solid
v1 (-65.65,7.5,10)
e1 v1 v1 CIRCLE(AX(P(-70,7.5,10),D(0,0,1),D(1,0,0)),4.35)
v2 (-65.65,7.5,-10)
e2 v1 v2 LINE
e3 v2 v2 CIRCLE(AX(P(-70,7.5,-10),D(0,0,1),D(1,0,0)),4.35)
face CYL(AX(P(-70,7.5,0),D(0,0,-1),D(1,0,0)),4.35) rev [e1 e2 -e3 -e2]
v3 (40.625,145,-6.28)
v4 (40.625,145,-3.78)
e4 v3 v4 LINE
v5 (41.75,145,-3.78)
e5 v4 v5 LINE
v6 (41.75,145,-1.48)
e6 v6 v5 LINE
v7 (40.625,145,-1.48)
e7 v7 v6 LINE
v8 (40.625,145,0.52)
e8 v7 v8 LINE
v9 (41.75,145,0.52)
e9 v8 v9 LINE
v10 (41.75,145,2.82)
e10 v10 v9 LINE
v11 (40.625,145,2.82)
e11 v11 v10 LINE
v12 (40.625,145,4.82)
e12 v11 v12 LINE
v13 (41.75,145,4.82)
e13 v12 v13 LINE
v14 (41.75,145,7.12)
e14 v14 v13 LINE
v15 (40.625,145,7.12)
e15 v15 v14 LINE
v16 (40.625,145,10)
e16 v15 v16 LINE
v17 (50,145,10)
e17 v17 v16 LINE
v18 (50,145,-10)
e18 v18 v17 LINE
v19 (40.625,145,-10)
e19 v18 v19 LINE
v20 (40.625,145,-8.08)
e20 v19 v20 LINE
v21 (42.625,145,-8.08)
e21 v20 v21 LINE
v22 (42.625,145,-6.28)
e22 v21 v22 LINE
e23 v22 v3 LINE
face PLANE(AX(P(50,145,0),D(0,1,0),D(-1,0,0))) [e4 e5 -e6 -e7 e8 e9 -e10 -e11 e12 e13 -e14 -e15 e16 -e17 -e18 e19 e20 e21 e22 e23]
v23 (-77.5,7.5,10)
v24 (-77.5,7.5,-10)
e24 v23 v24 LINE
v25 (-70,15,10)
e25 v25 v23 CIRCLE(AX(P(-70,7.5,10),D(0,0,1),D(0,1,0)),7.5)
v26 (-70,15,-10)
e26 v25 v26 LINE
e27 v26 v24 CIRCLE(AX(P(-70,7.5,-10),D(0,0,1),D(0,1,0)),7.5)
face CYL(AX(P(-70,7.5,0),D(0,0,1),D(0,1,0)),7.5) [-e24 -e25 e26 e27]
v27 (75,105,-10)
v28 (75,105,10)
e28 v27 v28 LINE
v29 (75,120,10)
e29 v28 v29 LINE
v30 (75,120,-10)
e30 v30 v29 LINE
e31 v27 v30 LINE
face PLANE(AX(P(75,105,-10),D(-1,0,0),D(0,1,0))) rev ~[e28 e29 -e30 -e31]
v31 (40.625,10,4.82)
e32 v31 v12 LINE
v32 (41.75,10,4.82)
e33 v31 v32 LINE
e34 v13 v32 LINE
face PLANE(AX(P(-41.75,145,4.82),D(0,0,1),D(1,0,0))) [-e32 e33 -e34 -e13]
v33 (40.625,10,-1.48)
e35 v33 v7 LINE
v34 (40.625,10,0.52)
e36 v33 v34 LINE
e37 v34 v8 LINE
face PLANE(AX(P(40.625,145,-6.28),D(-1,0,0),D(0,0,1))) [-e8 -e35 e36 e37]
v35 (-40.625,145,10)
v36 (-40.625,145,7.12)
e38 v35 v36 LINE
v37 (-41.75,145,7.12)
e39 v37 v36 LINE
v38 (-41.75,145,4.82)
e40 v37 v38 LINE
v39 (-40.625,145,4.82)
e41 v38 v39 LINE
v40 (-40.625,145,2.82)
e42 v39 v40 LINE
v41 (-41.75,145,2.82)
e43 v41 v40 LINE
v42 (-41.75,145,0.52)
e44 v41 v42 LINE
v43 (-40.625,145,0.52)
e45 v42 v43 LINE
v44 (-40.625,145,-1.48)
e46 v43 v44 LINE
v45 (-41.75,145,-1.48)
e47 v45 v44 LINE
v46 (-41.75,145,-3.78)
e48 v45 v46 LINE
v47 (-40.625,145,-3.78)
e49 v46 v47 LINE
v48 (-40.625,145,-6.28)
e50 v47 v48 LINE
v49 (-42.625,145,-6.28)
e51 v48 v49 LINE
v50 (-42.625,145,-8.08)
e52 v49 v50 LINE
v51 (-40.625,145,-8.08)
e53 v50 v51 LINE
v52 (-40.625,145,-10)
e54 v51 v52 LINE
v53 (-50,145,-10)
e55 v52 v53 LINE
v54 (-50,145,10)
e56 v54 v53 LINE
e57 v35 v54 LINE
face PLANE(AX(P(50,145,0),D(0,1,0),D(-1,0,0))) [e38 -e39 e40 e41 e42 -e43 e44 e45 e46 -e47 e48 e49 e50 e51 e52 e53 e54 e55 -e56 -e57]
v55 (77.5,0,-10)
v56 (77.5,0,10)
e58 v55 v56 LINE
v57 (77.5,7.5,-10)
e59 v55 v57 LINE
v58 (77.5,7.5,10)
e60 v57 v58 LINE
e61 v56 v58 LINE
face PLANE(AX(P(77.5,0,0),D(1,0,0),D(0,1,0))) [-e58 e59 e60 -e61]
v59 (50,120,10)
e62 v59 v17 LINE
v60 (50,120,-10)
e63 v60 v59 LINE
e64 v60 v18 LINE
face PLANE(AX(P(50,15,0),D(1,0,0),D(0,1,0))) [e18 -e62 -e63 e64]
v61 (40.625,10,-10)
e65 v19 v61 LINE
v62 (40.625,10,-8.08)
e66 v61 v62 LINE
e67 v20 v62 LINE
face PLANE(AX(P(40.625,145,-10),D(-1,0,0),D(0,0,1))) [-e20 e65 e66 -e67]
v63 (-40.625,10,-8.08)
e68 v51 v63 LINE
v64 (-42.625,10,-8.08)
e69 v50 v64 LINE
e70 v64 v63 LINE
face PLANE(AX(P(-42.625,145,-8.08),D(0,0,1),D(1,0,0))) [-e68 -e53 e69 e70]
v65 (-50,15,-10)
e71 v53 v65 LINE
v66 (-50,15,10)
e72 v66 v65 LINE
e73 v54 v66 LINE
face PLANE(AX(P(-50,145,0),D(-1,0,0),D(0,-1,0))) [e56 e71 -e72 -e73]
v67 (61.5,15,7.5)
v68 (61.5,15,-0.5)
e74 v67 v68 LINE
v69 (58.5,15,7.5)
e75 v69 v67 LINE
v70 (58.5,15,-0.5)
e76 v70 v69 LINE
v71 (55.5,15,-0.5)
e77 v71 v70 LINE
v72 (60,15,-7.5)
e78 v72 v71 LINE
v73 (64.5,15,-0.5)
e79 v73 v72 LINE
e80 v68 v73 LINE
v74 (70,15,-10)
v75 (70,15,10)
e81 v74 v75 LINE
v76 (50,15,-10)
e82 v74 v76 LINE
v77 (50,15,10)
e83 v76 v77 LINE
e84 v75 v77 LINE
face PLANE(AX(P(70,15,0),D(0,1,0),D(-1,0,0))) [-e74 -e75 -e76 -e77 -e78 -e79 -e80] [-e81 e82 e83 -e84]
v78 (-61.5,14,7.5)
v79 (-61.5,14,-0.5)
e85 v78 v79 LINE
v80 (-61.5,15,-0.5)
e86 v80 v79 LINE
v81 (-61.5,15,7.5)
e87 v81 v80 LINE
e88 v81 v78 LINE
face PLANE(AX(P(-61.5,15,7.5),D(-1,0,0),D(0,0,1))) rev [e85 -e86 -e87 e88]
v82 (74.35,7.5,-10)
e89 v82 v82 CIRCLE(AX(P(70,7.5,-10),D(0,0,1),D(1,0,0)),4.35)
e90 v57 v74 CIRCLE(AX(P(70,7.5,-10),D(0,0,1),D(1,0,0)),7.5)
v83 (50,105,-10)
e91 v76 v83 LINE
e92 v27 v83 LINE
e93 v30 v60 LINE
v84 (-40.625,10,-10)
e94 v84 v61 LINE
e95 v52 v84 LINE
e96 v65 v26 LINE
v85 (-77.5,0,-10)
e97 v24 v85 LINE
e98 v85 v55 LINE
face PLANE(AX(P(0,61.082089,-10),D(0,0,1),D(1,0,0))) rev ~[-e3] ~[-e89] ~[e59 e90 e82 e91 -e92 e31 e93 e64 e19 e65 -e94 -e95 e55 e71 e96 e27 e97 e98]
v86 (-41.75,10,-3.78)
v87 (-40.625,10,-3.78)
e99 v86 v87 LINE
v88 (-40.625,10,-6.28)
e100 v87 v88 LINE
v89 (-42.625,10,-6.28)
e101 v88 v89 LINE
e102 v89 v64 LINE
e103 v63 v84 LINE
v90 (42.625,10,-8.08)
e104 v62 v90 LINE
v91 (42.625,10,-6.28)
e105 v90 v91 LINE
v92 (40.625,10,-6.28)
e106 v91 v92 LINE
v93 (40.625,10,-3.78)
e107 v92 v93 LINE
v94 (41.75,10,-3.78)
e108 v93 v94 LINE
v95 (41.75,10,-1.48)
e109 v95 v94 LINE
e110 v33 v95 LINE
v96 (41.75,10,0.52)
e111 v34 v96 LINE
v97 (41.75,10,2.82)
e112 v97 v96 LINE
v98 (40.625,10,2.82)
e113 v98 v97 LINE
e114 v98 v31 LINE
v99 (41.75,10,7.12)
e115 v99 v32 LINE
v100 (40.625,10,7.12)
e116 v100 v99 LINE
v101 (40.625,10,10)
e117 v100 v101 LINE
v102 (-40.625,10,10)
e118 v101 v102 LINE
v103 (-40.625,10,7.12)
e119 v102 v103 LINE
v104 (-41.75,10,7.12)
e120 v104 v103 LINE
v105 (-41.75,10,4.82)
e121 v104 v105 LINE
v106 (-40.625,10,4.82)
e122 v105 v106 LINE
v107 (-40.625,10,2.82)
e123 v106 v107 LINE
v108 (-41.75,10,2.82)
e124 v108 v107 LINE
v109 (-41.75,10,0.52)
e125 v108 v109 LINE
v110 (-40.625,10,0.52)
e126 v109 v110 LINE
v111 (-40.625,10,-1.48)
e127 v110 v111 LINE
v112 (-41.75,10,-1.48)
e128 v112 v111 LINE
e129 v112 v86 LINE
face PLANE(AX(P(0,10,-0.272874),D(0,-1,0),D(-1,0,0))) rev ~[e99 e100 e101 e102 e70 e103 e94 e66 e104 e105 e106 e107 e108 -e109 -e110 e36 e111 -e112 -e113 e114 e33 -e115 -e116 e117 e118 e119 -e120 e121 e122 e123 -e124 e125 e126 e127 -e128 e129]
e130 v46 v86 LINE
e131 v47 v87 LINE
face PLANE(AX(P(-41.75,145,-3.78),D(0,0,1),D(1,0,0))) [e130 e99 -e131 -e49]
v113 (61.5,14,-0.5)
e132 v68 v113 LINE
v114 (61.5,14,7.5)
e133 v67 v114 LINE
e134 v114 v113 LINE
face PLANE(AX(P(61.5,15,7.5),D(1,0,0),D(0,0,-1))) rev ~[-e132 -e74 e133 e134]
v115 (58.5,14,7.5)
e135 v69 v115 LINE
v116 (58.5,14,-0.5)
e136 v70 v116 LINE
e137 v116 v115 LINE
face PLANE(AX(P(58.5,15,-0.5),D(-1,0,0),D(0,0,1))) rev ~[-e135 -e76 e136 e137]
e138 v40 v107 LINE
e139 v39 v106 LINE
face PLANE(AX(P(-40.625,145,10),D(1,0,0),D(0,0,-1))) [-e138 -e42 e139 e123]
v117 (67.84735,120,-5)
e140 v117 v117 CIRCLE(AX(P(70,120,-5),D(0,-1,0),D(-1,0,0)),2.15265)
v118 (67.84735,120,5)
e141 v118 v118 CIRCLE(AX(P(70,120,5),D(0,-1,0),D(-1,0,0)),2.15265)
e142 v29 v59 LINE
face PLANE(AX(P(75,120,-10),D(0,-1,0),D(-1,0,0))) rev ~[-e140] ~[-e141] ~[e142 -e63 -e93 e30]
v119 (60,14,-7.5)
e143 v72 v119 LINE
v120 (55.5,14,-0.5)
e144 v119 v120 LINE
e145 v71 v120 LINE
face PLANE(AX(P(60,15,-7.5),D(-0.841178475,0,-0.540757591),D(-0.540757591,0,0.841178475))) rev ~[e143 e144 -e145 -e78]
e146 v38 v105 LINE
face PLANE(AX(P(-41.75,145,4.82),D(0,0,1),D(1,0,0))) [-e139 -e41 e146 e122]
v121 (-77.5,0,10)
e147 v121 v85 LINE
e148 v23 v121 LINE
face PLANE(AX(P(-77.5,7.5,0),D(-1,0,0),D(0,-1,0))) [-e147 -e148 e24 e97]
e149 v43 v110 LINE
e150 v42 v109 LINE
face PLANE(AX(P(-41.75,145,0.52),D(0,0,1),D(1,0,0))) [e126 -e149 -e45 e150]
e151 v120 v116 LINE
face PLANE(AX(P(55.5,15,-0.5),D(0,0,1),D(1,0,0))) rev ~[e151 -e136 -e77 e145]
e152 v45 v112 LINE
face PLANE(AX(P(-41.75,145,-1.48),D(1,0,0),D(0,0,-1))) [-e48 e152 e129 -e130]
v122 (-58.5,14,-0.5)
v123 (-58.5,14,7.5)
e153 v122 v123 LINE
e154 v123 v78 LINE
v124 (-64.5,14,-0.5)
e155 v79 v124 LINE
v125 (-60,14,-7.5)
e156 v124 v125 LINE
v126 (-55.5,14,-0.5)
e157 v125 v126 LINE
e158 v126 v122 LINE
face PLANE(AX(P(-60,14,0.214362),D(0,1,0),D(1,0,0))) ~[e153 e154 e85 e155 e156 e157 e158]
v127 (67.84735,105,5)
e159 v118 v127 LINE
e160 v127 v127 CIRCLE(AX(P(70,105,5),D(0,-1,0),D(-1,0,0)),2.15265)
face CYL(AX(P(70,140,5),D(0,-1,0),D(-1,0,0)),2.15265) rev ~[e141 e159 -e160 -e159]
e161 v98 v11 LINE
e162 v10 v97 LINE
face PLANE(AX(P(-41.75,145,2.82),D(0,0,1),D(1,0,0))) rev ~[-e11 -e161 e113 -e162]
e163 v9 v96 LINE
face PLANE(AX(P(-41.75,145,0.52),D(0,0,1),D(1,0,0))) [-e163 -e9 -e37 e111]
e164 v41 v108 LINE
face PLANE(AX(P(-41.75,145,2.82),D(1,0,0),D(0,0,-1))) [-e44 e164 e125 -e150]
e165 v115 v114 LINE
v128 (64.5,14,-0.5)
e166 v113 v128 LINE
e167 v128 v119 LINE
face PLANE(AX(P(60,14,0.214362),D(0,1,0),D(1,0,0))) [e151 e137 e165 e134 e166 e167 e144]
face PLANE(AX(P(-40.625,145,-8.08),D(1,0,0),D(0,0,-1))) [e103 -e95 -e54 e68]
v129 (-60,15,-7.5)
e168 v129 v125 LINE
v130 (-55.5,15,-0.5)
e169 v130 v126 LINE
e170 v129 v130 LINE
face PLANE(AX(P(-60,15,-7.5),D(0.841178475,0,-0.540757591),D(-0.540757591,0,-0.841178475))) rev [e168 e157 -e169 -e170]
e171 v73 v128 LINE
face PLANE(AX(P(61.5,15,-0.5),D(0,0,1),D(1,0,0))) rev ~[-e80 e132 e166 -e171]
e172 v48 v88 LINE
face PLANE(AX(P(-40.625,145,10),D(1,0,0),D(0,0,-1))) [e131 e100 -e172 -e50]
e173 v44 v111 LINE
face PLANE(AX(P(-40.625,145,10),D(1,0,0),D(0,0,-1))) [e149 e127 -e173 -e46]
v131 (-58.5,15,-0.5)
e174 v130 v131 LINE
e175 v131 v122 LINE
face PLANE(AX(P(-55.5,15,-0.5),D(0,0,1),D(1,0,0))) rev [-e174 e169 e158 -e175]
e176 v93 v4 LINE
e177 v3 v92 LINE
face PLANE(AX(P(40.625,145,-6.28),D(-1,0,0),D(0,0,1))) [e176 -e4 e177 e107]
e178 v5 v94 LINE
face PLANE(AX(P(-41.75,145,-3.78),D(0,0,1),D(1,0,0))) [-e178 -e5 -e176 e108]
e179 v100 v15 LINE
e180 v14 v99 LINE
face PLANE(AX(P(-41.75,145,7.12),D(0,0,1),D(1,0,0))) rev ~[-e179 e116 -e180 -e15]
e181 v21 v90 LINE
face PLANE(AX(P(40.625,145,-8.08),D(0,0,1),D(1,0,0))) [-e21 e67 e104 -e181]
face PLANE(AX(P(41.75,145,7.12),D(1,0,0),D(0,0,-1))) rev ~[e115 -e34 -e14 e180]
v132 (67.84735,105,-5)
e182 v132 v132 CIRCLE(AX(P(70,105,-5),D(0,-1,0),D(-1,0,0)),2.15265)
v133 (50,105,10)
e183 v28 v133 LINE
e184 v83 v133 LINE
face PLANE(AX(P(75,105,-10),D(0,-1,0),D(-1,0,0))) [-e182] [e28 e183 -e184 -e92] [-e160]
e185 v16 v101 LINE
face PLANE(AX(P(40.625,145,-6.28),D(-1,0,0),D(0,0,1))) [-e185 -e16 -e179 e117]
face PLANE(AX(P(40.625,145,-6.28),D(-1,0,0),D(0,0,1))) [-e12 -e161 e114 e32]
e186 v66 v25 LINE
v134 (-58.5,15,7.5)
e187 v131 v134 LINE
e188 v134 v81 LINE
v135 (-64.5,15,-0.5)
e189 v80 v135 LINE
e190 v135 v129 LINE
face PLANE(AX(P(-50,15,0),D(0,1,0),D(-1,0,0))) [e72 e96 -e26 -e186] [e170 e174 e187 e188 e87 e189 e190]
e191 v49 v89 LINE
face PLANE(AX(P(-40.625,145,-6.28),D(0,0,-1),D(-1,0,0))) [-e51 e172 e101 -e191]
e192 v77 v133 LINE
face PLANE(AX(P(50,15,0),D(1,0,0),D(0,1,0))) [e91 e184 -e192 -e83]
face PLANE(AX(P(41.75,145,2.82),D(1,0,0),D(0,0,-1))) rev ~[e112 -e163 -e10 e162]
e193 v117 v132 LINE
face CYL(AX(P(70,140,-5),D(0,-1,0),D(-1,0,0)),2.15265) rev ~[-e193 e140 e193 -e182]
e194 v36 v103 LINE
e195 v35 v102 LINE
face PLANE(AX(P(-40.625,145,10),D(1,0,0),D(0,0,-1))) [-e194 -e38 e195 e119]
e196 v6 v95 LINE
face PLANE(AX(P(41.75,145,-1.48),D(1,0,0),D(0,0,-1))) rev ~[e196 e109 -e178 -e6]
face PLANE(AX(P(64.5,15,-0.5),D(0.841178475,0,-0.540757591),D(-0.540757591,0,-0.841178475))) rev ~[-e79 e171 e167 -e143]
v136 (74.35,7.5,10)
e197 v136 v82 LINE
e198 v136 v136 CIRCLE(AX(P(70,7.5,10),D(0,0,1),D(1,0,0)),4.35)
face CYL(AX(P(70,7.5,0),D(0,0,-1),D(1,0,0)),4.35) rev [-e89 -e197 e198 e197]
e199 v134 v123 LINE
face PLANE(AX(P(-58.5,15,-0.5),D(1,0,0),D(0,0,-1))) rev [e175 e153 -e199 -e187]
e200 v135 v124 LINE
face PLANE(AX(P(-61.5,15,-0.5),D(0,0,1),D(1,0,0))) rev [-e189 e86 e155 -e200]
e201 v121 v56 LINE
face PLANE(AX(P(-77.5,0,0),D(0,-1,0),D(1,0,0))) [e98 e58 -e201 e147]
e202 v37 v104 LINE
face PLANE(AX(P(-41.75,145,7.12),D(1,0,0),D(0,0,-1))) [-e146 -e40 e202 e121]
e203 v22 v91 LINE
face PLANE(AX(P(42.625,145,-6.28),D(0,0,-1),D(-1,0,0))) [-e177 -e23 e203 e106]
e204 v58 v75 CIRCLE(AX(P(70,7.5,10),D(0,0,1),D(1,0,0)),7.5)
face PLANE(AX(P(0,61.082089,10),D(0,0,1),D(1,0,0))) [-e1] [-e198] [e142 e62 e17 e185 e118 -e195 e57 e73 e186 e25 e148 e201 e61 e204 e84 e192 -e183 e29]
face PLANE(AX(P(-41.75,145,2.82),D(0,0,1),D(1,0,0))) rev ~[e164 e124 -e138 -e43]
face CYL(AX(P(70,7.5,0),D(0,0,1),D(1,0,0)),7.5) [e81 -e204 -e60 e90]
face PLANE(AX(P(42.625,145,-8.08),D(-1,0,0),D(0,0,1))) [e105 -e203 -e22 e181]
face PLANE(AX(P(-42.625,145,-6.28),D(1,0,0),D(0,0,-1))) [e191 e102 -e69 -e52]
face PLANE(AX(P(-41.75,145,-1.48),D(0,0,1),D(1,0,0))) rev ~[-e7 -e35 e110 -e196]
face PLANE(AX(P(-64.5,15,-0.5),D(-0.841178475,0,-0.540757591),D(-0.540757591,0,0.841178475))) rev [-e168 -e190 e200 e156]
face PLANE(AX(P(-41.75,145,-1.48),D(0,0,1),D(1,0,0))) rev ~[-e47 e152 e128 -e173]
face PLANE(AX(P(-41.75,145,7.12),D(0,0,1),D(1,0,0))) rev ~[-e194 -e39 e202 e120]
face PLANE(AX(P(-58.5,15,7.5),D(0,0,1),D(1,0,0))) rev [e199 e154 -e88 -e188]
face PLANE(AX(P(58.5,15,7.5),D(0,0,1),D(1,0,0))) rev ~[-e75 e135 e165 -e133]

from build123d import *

# Parameters (mm, degrees)
SKETCH1_R                 = 4.35
BOSS_EXTRUDE1_DEPTH       = 10
CUT_EXTRUDE1_DEPTH        = 135
SKETCH3_W                 = 83.5
SKETCH3_H                 = 2.3
CUT_EXTRUDE2_DEPTH        = 135
LPATTERN1_COUNT           = 3
LPATTERN1_PITCH           = 4.3
CUT_EXTRUDE3_DEPTH        = 1
SKETCH5_W                 = 25
SKETCH5_H                 = 15
BOSS_EXTRUDE2_DEPTH       = 20
F_6_CLEARANCE_HOLE1_D     = 4.3053
F_6_CLEARANCE_HOLE1_DEPTH = 20
F_6_CLEARANCE_HOLE1_TIP   = 1.293442612


with BuildPart() as part:
    # Sketch1 → Boss-Extrude1 (new, symmetric)
    with BuildSketch(Plane.XY):
        with BuildLine():
            Line((-77.5, 0), (77.5, 0))
            Line((77.5, 0), (77.5, 7.5))
            ThreePointArc((77.5, 7.5), (75.303300859, 12.803300859), (70, 15))
            Line((70, 15), (50, 15))
            Line((50, 15), (50, 145))
            Line((50, 145), (-50, 145))
            Line((-50, 145), (-50, 15))
            Line((-50, 15), (-70, 15))
            ThreePointArc((-70, 15), (-75.303300859, 12.803300859), (-77.5, 7.5))
            Line((-77.5, 7.5), (-77.5, 0))
        make_face()
        with Locations((-70, 7.5)):
            Circle(SKETCH1_R, mode=Mode.SUBTRACT)
        with Locations((70, 7.5)):
            Circle(SKETCH1_R, mode=Mode.SUBTRACT)
    extrude(amount=BOSS_EXTRUDE1_DEPTH, both=True)

    # Sketch2 → Cut-Extrude1 (cut)
    with BuildSketch(Plane(origin=(0, 145, 0), x_dir=(1, 0, 0), z_dir=(0, 1, 0))):
        Polygon((-40.625, -10), (-40.625, 6.28), (-42.625, 6.28), (-42.625, 8.08), (-40.625, 8.08), (-40.625, 10), (40.625, 10), (40.625, 8.08), (42.625, 8.08), (42.625, 6.28), (40.625, 6.28), (40.625, -10), align=None)
    extrude(amount=-CUT_EXTRUDE1_DEPTH, mode=Mode.SUBTRACT)

    # Sketch3 → Cut-Extrude2 (cut)
    with BuildSketch(Plane(origin=(0, 145, 0), x_dir=(1, 0, 0), z_dir=(0, 1, 0))):
        with Locations((0, 2.63)):
            Rectangle(SKETCH3_W, SKETCH3_H)
    cut_extrude2 = extrude(amount=-CUT_EXTRUDE2_DEPTH, mode=Mode.SUBTRACT)

    # LPattern1: Cut-Extrude2 ×3
    with Locations(*[(0, 0, i * LPATTERN1_PITCH) for i in range(1, LPATTERN1_COUNT)]):
        add(cut_extrude2, mode=Mode.SUBTRACT)

    # Sketch4 → Cut-Extrude3 (cut)
    with BuildSketch(Plane(origin=(0, 15, 0), x_dir=(1, 0, 0), z_dir=(0, 1, 0))):
        Polygon((60, 7.5), (55.5, 0.5), (58.5, 0.5), (58.5, -7.5), (61.5, -7.5), (61.5, 0.5), (64.5, 0.5), align=None)
    cut_extrude3 = extrude(amount=-CUT_EXTRUDE3_DEPTH, mode=Mode.SUBTRACT)

    # Mirror1: Cut-Extrude3 across plane
    add(cut_extrude3.mirror(Plane(origin=(0, 0, 0), x_dir=(0, 0, 1), z_dir=(1, 0, 0))), mode=Mode.SUBTRACT)

    # Sketch5 → Boss-Extrude2 (add)
    with BuildSketch(Plane(origin=(0, 0, -10), x_dir=(-1, 0, 0), z_dir=(0, 0, -1))):
        with Locations((-62.5, 112.5)):
            Rectangle(SKETCH5_W, SKETCH5_H)
    extrude(amount=-BOSS_EXTRUDE2_DEPTH)

    # #6 Clearance Hole1
    with Locations(Plane(origin=(0, 120, 0), x_dir=(1, 0, 0), z_dir=(0, 1, 0))):
        with Locations((70, 5), (70, -5)):
            Hole(F_6_CLEARANCE_HOLE1_D / 2, depth=F_6_CLEARANCE_HOLE1_DEPTH)
            with Locations((0, 0, -(F_6_CLEARANCE_HOLE1_DEPTH + F_6_CLEARANCE_HOLE1_TIP / 2))):  # 118° drill point
                Cone(0, F_6_CLEARANCE_HOLE1_D / 2, F_6_CLEARANCE_HOLE1_TIP, mode=Mode.SUBTRACT)


solid = part.part
